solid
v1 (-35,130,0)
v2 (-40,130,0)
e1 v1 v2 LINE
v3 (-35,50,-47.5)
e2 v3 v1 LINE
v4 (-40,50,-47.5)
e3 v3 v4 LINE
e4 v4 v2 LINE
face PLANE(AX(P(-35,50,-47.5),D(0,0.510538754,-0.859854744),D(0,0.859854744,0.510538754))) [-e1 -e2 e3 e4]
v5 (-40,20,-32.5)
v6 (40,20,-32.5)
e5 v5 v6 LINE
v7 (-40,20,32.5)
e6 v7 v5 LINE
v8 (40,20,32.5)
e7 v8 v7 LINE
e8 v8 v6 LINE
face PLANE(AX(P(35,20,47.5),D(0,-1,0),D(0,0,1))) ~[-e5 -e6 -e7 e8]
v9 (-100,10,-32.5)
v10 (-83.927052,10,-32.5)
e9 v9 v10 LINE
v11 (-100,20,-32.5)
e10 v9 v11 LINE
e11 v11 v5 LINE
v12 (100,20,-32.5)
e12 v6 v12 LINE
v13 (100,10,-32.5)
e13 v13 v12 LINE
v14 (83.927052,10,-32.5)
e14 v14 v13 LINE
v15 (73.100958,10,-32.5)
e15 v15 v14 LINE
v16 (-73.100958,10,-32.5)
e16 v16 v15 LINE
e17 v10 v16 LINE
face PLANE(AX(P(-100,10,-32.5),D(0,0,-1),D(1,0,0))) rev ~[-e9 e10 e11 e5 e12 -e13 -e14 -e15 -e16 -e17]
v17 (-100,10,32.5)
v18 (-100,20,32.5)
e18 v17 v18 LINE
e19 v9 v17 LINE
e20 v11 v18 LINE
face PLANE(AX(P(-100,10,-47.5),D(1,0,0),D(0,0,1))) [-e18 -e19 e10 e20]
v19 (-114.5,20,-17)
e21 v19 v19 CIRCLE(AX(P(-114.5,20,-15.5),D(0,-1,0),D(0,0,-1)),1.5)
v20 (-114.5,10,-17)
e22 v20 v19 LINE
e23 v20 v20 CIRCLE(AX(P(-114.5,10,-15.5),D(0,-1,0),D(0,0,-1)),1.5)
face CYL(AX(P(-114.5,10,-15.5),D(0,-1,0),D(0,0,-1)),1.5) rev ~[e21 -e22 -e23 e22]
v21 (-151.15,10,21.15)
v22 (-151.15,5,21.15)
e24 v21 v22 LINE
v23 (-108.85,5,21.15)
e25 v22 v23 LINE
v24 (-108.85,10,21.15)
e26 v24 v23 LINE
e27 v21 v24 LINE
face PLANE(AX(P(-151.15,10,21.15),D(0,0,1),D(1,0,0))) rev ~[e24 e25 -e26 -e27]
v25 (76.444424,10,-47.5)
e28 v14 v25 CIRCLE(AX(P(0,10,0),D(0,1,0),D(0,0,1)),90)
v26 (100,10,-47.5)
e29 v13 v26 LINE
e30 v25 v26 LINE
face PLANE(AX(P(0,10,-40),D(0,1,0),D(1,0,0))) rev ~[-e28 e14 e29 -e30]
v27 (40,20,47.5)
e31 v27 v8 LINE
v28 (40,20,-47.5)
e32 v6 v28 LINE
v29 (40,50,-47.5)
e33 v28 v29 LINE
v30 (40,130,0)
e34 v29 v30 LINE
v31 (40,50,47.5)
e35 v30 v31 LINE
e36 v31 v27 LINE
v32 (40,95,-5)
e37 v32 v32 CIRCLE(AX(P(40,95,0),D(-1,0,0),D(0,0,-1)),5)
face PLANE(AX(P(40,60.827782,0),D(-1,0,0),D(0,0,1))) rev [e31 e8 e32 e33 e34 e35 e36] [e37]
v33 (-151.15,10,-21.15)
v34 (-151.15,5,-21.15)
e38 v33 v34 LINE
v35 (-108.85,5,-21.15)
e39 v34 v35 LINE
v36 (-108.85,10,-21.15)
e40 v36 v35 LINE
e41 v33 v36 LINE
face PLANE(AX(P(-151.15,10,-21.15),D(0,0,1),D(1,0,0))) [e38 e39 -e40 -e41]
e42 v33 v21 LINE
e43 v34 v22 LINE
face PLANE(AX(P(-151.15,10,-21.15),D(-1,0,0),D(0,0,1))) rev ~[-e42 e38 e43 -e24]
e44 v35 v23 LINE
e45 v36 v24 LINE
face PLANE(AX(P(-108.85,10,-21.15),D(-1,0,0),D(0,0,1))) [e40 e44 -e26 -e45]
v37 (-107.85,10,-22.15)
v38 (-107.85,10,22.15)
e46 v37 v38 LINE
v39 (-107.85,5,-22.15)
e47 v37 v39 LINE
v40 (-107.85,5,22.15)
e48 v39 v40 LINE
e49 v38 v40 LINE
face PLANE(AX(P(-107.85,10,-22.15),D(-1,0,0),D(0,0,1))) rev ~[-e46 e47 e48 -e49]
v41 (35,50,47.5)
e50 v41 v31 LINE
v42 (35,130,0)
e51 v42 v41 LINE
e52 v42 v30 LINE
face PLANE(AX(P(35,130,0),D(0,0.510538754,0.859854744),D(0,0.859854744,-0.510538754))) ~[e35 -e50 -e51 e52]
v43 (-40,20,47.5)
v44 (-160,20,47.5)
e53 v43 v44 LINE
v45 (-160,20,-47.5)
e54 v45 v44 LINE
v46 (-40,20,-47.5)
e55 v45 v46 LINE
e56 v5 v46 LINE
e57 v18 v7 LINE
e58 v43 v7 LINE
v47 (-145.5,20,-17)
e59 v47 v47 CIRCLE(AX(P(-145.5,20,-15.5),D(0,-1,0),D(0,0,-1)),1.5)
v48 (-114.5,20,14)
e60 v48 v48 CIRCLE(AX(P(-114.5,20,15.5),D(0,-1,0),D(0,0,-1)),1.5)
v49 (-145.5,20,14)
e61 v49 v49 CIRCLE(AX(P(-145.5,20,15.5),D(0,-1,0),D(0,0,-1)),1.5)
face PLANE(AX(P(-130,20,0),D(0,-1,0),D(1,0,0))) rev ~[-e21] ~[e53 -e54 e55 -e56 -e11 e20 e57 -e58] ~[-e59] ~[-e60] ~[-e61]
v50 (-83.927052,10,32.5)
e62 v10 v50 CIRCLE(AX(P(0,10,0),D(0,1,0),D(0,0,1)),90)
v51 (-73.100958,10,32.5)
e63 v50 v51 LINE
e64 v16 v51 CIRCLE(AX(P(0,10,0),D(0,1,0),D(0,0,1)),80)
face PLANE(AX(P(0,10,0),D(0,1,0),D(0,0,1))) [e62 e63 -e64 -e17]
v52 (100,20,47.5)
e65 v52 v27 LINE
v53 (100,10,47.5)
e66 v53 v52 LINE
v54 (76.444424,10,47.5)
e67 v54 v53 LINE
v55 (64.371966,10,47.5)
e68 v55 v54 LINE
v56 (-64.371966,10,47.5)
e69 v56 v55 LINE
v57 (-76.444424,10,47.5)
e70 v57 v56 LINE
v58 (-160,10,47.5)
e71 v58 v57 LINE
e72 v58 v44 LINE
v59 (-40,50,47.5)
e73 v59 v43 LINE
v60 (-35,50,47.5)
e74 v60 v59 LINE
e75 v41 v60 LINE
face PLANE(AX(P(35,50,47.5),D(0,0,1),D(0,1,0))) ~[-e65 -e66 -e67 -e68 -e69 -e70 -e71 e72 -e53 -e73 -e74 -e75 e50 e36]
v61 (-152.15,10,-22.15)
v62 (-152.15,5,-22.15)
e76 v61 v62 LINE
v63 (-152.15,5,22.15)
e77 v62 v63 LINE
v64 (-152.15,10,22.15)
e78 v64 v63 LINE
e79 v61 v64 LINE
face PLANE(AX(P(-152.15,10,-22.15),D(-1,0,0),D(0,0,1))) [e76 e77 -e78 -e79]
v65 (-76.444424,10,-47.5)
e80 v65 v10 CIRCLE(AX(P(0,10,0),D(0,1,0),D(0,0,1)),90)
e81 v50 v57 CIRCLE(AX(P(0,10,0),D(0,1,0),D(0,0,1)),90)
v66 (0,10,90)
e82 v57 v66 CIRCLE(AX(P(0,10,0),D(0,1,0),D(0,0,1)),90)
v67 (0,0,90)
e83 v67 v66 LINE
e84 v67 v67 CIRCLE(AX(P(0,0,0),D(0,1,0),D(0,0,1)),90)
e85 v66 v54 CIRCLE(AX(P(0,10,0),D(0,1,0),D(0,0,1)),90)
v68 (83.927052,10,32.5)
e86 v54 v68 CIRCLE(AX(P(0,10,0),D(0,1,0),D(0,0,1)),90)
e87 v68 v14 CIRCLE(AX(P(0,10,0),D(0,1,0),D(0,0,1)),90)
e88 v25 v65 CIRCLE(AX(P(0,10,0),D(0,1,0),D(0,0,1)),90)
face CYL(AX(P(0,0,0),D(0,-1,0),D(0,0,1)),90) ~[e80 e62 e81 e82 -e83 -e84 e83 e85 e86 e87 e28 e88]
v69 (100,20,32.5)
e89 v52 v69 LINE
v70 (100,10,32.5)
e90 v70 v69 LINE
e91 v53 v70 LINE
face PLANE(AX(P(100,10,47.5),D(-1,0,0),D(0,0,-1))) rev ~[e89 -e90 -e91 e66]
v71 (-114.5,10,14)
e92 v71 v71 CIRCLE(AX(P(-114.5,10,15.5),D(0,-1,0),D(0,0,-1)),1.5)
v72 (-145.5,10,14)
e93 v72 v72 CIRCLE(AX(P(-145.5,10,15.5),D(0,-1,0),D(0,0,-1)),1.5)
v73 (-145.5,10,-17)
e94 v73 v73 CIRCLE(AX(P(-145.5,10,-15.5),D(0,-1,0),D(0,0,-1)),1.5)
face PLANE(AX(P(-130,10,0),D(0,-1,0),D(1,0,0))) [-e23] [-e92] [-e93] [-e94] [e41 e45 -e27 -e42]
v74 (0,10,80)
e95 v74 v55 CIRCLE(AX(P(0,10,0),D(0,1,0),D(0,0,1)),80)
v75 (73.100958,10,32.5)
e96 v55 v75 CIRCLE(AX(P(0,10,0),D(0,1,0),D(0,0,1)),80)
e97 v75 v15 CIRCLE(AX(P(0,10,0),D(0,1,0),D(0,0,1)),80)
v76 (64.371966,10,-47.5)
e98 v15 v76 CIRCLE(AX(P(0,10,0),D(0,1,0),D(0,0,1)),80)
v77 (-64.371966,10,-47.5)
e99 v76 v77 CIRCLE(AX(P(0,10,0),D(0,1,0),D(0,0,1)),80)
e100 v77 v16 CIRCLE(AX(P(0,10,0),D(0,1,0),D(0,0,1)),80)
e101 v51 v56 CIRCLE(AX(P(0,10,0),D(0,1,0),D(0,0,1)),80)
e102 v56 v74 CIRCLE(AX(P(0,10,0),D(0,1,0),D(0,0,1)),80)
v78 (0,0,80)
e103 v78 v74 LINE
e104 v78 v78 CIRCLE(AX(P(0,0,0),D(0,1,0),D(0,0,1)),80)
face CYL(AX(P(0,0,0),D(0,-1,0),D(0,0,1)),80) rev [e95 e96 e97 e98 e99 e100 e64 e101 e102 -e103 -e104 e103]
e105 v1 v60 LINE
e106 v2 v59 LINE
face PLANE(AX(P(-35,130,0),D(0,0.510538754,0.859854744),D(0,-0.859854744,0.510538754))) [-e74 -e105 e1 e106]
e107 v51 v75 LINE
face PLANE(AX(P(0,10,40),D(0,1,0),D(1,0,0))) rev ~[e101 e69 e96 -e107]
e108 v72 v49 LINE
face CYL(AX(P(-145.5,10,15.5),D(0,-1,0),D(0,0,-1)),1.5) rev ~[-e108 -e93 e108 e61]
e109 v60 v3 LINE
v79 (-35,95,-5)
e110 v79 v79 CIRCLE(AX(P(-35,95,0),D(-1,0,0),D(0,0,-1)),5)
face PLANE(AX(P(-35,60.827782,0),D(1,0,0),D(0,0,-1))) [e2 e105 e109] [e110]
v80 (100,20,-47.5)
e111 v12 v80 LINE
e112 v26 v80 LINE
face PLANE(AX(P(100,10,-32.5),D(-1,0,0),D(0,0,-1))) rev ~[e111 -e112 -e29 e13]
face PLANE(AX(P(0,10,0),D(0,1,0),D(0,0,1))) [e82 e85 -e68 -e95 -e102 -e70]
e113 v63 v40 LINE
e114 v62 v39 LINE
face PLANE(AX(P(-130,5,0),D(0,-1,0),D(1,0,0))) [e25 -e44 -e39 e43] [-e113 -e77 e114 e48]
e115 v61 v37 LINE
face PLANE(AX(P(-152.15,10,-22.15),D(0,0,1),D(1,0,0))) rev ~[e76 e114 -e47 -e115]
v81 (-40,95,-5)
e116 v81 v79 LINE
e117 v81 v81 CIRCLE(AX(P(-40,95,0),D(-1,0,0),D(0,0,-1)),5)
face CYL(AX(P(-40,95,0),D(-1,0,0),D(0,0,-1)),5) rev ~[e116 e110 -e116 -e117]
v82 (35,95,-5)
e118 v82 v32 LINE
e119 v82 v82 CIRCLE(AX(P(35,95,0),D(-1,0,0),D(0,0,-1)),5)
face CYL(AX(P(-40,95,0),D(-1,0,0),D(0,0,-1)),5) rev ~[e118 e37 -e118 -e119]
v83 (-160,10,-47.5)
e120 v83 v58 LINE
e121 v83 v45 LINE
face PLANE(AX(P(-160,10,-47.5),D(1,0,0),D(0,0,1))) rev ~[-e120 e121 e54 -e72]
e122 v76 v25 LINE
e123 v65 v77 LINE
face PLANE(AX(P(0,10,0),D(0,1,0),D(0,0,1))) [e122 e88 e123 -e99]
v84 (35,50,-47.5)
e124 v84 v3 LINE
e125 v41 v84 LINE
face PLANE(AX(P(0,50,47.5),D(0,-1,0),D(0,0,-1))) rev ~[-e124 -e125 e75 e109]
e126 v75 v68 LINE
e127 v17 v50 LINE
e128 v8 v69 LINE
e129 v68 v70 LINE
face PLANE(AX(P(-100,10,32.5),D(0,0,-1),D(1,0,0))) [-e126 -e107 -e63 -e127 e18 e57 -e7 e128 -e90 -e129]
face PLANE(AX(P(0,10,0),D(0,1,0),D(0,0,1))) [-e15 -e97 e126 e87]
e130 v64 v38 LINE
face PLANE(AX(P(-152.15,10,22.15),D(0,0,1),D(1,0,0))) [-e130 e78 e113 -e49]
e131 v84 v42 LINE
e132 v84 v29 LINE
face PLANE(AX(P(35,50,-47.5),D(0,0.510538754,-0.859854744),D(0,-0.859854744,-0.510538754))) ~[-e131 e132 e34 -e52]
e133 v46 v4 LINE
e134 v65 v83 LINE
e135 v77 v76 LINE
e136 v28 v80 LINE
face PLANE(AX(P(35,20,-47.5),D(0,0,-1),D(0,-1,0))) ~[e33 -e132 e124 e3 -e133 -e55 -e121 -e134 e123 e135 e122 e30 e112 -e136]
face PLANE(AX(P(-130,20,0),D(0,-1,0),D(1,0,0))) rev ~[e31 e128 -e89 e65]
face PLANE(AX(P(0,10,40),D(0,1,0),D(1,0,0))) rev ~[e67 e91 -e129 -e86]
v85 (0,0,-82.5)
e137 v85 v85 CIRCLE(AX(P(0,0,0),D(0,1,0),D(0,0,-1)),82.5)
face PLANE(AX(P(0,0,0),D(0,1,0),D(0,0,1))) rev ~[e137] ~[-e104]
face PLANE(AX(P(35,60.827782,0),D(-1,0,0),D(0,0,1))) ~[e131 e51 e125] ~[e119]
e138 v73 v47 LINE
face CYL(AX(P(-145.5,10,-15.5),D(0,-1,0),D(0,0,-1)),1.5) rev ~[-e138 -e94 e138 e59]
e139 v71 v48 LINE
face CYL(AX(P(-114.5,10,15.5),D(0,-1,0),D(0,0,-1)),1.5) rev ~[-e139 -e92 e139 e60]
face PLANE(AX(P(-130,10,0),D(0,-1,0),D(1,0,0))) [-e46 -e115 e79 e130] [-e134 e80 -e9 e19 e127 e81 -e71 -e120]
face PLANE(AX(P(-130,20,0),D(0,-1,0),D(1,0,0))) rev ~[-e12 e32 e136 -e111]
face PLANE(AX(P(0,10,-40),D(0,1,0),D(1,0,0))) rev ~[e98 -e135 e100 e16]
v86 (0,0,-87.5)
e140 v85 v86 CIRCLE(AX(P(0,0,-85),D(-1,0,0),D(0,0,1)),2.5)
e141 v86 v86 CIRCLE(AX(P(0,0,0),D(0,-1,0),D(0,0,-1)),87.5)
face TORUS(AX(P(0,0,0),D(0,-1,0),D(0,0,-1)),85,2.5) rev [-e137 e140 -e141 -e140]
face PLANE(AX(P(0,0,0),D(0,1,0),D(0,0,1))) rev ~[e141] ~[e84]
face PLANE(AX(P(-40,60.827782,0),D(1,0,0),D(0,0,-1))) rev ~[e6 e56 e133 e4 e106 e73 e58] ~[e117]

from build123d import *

# Parameters (mm, degrees)
SKETCH1_R           = 90
SKETCH1_R_2         = 80
BOSS_EXTRUDE1_DEPTH = 10
SKETCH2_R           = 2.5
SKETCH3_W           = 200
SKETCH3_H           = 15
BOSS_EXTRUDE2_DEPTH = 10
SKETCH5_W           = 60
SKETCH5_H           = 95
SKETCH5_R           = 1.5
BOSS_EXTRUDE3_DEPTH = 10
SKETCH7_W           = 44.3
SKETCH7_H           = 44.3
SKETCH7_W_2         = 42.3
SKETCH7_H_2         = 42.3
BOSS_EXTRUDE4_DEPTH = 5
SKETCH8_W           = 95
SKETCH8_H           = 30
BOSS_EXTRUDE5_DEPTH = 35
BOSS_EXTRUDE7_DEPTH = 5
SKETCH10_R          = 5
CUT_EXTRUDE1_DEPTH  = 212.187120819


with BuildPart() as part:
    # Sketch1 → Boss-Extrude1 (new body)
    with BuildSketch(Plane(origin=(0, 0, 0), x_dir=(1, 0, 0), z_dir=(0, 1, 0))):
        with Locations(Location((0, 0, 0), (0, 0, 270))):
            Circle(SKETCH1_R)
        with Locations(Location((0, 0, 0), (0, 0, 270))):
            Circle(SKETCH1_R_2, mode=Mode.SUBTRACT)
    extrude(amount=BOSS_EXTRUDE1_DEPTH)

    # Sketch2 → Cut-Revolve1 (revolve, cut)
    with BuildSketch(Plane.XY, mode=Mode.PRIVATE) as cut_revolve1_sk:
        with Locations((-85, 0)):
            Circle(SKETCH2_R)
    revolve(cut_revolve1_sk.sketch.rotate(Axis((0, 0, 0), (0, 1, 0)), 270), axis=Axis((0, 0, 0), (0, 1, 0)), mode=Mode.SUBTRACT)

    # Sketch3 → Boss-Extrude2 (add)
    with BuildSketch(Plane(origin=(0, 10, 0), x_dir=(1, 0, 0), z_dir=(0, 1, 0))):
        with Locations((0, -40)):
            Rectangle(SKETCH3_W, SKETCH3_H)
        with Locations((0, 40)):
            Rectangle(SKETCH3_W, SKETCH3_H)
    extrude(amount=BOSS_EXTRUDE2_DEPTH)

    # Sketch5 → Boss-Extrude3 (add)
    with BuildSketch(Plane.XZ.offset(-10)):
        with Locations((-130, 0)):
            Rectangle(SKETCH5_W, SKETCH5_H)
        with Locations(Location((-145.5, -15.5, 0), (0, 0, 270))):
            Circle(SKETCH5_R, mode=Mode.SUBTRACT)
        with Locations(Location((-114.5, -15.5, 0), (0, 0, 270))):
            Circle(SKETCH5_R, mode=Mode.SUBTRACT)
        with Locations(Location((-114.5, 15.5, 0), (0, 0, 270))):
            Circle(SKETCH5_R, mode=Mode.SUBTRACT)
        with Locations(Location((-145.5, 15.5, 0), (0, 0, 270))):
            Circle(SKETCH5_R, mode=Mode.SUBTRACT)
    extrude(amount=-BOSS_EXTRUDE3_DEPTH)

    # Sketch7 → Boss-Extrude4 (add)
    with BuildSketch(Plane.XZ.offset(-10)):
        with Locations((-130, 0)):
            Rectangle(SKETCH7_W, SKETCH7_H)
        with Locations((-130, 0)):
            Rectangle(SKETCH7_W_2, SKETCH7_H_2, mode=Mode.SUBTRACT)
    extrude(amount=BOSS_EXTRUDE4_DEPTH)

    # Sketch8 → Boss-Extrude5 (add, symmetric)
    with BuildSketch(Plane(origin=(0, 0, 0), x_dir=(0, 0, -1), z_dir=(1, 0, 0))):
        with Locations((0, 35)):
            Rectangle(SKETCH8_W, SKETCH8_H)
    extrude(amount=BOSS_EXTRUDE5_DEPTH, both=True)

    # Sketch9 → Boss-Extrude7 (add)
    with BuildSketch(Plane.ZY.offset(35)):
        Polygon((-47.5, 50), (0, 130), (47.5, 50), (47.5, 20), (-47.5, 20), align=None)
    boss_extrude7 = extrude(amount=BOSS_EXTRUDE7_DEPTH)

    # Mirror1: Boss-Extrude7 across plane
    add(boss_extrude7.mirror(Plane(origin=(0, 0, 0), x_dir=(0, 0, 1), z_dir=(1, 0, 0))))

    # Sketch10 → Cut-Extrude1 (cut, through all)
    with BuildSketch(Plane.ZY.offset(40)):
        with Locations(Location((0, 95, 0), (0, 0, 180))):
            Circle(SKETCH10_R)
    extrude(amount=-CUT_EXTRUDE1_DEPTH, mode=Mode.SUBTRACT)


solid = part.part
